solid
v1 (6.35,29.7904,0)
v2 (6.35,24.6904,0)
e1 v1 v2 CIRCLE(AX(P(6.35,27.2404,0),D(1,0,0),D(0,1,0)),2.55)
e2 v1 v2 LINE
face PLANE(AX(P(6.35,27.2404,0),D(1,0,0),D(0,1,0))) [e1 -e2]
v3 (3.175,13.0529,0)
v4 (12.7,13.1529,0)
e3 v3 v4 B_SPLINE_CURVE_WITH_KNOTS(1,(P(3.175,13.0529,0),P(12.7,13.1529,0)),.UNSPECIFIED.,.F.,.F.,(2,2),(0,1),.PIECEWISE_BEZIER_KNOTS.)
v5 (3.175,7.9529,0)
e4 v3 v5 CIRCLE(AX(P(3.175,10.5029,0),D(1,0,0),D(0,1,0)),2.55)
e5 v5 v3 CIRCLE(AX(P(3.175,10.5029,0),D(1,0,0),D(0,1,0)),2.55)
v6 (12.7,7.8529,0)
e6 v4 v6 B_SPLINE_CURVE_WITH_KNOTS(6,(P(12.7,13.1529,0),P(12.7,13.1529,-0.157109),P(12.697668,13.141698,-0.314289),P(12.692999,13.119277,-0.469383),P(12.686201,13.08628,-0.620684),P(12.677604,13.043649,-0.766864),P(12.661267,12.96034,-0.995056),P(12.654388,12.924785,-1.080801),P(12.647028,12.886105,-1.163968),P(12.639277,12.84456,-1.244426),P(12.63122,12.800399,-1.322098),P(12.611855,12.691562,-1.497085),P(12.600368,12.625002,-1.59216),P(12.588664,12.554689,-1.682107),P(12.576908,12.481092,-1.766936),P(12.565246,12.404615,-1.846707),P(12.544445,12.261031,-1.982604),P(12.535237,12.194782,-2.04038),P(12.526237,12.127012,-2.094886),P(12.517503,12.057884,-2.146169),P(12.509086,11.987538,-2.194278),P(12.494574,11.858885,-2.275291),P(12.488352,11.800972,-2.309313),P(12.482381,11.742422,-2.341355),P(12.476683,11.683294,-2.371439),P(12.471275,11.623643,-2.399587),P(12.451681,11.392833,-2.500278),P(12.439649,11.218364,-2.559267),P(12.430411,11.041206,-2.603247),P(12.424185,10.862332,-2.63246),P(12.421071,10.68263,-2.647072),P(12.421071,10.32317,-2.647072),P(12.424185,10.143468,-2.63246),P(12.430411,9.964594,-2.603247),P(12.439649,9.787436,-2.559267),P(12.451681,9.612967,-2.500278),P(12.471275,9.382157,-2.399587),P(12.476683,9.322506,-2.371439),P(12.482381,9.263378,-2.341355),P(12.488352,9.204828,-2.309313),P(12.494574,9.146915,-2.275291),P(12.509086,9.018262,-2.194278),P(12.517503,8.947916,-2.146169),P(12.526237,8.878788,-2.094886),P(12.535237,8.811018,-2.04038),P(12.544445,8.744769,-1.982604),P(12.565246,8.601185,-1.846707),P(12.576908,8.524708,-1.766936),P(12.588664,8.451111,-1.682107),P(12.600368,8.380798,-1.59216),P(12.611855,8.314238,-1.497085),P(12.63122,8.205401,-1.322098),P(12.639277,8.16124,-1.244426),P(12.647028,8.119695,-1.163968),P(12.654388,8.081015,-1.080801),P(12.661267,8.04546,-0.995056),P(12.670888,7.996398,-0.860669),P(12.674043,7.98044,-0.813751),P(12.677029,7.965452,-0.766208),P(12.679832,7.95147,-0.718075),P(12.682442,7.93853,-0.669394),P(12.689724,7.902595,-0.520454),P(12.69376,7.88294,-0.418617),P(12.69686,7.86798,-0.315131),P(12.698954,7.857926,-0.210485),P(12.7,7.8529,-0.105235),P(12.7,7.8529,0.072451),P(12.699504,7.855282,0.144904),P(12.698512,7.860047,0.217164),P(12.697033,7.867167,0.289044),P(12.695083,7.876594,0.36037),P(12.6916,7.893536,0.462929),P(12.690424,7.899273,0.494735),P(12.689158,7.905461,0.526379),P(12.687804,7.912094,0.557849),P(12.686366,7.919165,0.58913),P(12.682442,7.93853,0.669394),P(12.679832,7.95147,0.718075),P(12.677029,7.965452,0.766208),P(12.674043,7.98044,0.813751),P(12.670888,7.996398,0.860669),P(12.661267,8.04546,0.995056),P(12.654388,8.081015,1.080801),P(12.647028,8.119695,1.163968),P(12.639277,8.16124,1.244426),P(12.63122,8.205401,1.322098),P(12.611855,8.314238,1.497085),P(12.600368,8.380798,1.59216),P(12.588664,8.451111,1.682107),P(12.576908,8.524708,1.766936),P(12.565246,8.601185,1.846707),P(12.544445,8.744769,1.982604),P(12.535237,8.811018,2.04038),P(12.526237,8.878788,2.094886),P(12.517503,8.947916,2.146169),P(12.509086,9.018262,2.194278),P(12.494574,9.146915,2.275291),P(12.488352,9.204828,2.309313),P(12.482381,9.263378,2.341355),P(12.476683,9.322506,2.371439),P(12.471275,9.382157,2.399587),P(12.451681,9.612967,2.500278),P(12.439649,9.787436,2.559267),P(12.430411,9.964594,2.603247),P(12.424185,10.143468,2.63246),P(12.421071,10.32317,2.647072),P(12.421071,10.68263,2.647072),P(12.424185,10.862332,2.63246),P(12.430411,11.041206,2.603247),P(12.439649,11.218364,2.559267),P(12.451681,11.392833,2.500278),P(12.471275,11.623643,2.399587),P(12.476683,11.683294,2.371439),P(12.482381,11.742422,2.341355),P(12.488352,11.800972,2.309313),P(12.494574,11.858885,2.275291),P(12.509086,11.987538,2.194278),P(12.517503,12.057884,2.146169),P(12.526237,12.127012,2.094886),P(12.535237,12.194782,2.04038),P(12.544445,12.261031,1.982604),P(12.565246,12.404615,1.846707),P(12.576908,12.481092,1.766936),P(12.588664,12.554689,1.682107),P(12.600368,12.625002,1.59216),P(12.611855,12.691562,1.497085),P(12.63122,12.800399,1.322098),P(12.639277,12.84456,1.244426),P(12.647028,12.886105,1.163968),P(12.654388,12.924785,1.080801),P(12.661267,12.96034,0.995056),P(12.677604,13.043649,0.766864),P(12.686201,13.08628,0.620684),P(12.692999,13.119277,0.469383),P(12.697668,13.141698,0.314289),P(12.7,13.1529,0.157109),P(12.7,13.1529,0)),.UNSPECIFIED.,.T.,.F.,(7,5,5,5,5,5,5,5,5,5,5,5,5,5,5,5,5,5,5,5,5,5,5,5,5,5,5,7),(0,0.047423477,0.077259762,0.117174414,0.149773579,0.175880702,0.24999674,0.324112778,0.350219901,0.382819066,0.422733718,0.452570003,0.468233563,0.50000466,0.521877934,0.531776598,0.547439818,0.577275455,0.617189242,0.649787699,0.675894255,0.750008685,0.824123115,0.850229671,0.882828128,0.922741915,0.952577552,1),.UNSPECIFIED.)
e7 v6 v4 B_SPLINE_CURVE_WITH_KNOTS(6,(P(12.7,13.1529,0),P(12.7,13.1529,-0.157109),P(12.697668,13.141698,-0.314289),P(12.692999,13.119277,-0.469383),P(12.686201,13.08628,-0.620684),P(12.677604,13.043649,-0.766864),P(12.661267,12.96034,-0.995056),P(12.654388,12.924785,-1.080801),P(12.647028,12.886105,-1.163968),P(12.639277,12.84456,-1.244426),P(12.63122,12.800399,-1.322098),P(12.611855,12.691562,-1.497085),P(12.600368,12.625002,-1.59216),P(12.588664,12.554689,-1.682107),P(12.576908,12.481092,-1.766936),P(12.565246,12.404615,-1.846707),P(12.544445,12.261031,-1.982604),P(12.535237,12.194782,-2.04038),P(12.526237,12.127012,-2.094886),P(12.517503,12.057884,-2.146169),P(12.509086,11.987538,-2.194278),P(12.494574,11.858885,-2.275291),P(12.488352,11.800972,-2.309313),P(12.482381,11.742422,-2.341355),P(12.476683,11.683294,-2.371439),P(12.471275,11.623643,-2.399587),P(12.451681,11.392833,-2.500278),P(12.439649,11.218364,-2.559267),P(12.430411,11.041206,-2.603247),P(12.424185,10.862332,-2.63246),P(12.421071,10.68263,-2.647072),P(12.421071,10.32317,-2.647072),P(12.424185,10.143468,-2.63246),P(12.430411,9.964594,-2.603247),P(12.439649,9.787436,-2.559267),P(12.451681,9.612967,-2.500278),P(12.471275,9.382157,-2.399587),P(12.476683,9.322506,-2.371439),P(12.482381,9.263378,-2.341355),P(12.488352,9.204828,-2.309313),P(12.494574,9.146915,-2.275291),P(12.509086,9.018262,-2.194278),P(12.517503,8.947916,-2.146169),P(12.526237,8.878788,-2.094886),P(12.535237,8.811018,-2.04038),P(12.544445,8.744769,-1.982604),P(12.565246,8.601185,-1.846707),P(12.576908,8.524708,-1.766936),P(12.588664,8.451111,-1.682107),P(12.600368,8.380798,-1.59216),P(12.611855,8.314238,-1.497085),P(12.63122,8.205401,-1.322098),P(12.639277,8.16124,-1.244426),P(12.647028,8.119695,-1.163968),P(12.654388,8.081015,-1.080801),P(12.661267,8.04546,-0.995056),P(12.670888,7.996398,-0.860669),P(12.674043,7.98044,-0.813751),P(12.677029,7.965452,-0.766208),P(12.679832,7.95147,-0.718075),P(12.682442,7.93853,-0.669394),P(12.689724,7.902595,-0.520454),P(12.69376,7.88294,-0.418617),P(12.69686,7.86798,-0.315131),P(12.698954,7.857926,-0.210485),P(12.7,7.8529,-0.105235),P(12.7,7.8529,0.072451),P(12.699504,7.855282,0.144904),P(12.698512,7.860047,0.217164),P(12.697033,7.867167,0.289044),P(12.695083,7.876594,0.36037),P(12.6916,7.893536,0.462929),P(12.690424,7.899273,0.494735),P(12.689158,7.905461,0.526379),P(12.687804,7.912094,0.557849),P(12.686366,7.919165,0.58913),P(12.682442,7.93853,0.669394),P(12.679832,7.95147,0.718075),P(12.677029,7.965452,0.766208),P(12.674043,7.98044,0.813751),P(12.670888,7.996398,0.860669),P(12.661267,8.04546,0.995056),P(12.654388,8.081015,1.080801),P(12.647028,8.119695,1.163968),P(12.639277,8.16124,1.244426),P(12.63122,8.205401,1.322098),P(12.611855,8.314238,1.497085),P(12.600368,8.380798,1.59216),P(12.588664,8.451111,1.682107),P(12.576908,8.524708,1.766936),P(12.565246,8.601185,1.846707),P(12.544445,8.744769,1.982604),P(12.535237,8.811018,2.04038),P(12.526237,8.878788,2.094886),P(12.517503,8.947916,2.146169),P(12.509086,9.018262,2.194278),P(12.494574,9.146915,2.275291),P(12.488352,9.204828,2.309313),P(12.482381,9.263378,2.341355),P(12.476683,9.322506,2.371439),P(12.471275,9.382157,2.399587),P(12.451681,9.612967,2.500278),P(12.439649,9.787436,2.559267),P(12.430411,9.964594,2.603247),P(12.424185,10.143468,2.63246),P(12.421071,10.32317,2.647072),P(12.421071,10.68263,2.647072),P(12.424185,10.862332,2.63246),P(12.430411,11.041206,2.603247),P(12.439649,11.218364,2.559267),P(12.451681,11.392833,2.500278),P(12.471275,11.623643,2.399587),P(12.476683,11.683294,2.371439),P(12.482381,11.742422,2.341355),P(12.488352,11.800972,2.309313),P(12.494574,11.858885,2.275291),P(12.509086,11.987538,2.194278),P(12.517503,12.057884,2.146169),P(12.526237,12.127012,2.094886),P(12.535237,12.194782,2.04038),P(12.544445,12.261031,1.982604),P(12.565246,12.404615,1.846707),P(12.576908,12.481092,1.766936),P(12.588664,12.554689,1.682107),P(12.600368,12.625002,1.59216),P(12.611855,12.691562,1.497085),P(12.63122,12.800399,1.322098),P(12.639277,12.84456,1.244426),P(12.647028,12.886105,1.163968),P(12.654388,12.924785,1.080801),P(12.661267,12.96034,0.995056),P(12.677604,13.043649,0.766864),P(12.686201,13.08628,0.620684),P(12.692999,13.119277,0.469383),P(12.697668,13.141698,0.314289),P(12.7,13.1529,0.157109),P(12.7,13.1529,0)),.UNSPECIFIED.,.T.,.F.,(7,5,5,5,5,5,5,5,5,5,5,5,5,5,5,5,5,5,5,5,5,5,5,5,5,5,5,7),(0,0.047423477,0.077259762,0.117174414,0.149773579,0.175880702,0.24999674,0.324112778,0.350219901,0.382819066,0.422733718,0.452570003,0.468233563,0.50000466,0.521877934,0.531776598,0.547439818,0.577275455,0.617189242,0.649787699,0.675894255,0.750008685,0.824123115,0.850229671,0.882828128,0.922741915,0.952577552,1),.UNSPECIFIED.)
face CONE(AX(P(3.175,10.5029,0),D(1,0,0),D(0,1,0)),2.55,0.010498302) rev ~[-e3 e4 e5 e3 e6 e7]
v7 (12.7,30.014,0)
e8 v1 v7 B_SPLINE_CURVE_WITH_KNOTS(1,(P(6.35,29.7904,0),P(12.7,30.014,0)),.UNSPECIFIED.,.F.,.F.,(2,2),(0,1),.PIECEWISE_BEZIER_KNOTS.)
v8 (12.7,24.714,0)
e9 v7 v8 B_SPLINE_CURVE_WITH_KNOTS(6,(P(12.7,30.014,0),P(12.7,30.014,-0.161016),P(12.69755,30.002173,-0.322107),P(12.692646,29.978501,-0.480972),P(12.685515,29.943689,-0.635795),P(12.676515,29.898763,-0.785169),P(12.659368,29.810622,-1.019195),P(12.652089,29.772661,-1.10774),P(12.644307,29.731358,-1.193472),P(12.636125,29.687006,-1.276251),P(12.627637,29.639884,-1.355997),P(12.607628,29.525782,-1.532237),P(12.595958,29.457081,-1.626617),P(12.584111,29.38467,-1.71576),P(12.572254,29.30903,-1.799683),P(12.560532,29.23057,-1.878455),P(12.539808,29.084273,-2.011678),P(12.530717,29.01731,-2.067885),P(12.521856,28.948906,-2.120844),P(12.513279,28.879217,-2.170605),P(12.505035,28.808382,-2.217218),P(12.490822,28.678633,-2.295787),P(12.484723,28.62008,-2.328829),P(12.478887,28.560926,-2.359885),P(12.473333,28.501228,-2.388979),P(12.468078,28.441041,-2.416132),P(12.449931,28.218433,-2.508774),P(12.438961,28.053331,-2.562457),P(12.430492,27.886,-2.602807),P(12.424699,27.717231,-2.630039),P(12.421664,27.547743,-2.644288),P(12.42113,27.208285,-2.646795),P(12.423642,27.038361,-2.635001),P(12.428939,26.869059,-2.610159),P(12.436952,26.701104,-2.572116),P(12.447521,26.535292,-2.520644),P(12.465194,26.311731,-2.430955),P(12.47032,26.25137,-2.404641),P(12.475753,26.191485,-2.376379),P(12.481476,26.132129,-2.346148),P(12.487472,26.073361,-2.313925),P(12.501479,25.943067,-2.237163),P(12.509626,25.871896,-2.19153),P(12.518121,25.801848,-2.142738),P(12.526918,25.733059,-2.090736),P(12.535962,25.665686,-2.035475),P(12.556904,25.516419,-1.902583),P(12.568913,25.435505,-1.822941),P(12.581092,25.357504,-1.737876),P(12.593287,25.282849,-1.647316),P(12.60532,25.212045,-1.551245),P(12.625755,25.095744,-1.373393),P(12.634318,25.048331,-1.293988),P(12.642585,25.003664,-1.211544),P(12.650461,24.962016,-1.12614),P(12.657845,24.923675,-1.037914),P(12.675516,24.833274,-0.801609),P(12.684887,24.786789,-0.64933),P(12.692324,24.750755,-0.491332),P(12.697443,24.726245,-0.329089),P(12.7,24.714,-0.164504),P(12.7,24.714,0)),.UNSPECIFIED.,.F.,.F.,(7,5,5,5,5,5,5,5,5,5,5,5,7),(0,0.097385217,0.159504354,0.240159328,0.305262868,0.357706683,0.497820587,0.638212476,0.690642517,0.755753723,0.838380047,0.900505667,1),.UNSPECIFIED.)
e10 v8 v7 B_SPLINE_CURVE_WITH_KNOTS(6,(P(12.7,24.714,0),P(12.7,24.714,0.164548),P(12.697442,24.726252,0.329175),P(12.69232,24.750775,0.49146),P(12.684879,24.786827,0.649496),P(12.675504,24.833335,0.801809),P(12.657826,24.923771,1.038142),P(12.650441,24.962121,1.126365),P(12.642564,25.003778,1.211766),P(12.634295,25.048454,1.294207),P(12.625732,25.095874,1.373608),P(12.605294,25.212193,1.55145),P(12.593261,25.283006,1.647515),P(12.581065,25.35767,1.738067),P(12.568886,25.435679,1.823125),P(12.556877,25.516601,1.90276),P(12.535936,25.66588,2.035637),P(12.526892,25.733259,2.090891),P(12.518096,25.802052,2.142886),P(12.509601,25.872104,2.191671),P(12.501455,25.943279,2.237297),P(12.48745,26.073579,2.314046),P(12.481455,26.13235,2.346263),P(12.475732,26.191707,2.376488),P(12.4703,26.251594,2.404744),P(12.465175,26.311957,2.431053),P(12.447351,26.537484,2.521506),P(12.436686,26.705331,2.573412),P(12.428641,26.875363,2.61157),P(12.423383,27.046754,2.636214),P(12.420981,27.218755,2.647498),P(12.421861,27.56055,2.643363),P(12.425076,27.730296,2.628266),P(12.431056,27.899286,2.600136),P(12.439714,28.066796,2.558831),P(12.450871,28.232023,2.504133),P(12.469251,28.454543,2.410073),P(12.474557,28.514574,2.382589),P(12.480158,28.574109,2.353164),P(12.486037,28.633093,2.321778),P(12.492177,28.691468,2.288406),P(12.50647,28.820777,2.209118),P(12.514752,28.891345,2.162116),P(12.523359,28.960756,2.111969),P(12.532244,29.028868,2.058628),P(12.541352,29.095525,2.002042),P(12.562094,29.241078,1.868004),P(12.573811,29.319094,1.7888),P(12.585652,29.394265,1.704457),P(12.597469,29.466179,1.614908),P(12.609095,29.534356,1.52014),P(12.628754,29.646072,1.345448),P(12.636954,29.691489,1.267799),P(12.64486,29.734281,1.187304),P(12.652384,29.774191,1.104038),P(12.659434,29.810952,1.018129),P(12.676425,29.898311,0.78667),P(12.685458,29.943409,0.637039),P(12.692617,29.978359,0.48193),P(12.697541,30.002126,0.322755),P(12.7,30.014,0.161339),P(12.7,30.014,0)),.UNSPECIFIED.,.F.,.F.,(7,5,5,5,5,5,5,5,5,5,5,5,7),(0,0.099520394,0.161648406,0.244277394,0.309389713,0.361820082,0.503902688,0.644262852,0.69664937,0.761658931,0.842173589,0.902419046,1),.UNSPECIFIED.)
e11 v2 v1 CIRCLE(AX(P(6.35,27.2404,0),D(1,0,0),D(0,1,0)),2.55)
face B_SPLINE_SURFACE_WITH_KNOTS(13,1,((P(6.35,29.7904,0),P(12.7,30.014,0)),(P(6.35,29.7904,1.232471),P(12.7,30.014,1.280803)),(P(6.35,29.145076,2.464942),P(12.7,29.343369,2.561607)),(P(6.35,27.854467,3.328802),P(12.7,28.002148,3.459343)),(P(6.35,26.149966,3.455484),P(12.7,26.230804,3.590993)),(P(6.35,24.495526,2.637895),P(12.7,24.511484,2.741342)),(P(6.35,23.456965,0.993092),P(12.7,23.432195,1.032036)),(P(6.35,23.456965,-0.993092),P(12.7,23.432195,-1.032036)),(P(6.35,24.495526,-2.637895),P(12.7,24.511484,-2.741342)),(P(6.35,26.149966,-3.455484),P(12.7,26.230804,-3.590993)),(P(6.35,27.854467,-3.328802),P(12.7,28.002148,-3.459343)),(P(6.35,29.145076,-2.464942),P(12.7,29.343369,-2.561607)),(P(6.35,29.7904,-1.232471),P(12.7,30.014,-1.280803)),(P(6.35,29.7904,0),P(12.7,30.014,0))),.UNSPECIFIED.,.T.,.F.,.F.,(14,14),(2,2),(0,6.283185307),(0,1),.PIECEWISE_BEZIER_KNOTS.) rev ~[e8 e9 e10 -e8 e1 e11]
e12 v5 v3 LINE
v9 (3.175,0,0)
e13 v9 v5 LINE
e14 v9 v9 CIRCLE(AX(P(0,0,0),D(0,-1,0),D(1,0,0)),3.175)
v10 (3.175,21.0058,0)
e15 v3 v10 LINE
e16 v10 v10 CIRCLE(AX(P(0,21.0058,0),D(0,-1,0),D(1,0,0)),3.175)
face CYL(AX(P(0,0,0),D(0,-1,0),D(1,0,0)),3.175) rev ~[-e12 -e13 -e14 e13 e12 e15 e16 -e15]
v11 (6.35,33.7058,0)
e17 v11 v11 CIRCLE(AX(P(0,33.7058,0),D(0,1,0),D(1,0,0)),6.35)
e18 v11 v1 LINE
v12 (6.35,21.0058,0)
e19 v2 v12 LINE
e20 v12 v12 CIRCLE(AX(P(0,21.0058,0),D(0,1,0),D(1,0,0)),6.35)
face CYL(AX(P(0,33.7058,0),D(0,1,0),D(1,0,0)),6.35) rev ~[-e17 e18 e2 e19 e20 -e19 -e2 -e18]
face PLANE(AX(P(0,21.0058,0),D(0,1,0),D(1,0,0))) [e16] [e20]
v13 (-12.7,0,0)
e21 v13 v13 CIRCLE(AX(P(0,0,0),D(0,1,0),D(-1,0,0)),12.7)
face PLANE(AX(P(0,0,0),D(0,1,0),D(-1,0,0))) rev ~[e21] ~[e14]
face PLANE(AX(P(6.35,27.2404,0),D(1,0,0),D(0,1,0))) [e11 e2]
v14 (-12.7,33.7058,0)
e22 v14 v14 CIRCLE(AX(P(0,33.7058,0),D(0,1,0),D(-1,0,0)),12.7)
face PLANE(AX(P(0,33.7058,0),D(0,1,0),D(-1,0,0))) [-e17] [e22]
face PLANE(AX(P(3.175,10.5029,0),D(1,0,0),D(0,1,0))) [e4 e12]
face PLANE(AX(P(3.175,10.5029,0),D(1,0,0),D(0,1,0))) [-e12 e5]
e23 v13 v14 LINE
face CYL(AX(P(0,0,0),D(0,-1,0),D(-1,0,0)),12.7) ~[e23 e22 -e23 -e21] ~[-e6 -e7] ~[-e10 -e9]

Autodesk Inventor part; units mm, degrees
ref_plane "XZ Plane" through (0, 0, 0) normal (0, 1, 0) x (-1, 0, 0)
ref_plane "XY Plane" through (0, 0, 0) normal (0, 0, 1) x (1, 0, 0)
sketch "Sketch1" plane through (0, 0, 0) normal (0, 1, 0) x (-1, 0, 0)
  circle A0 centre (0, 0) radius 12.7
  dimension "d0" = 25.4
extrude "Extrusion1" add sketch "Sketch1" along normal blind 33.7058
sketch "Sketch2" plane through (0, 0, 0) normal (0, -1, 0) x (1, 0, 0)
  circle A0 centre (0, 0) radius 3.175
  dimension "d3" = 6.35
extrude "Extrusion2" cut sketch "Sketch2" against normal blind 21.0058
sketch "Sketch3" plane through (0, 33.7058, 0) normal (0, 1, 0) x (1, 0, 0)
  circle A0 centre (0, 0) radius 6.35
  dimension "d6" = 12.7
extrude "Extrusion3" cut sketch "Sketch3" against normal blind 12.7
ref_plane "Work Plane1" through (3.175, 0, 0) normal (1, 0, 0) x (0, 1, 0)
sketch "Sketch4" plane through (3.175, 0, 0) normal (1, 0, 0) x (0, 1, 0)
  line L0 (0, 0) -> (21.0058, 0) construction
  line L1 (21.0058, -3.175) -> (21.0058, 3.175) construction
  circle A0 centre (10.5029, 0) radius 2.55
  dimension "d10" = 5.1
ref_plane "Work Plane2" through (6.35, 0, 0) normal (1, 0, 0) x (0, 1, 0)
sketch "Sketch5" plane through (6.35, 0, 0) normal (1, 0, 0) x (0, 1, 0)
  line L0 (33.4751, 0) -> (21.0058, 0) construction
  line L1 (21.0058, -3.175) -> (21.0058, 3.175) construction
  circle A0 centre (27.2404, 0) radius 2.55
  point P0 (0, 0)
  dimension "d12" = 5.1
ref_plane "Work Plane3" through (12.7, 0, 0) normal (1, 0, 0) x (0, 1, 0)
sketch "Sketch6" plane through (12.7, 0, 0) normal (1, 0, 0) x (0, 1, 0)
  line L0 (21.0058, -3.175) -> (21.0058, 3.175) construction
  line L1 (21.0058, 0) -> (0, 0) construction
  circle A0 centre (10.5029, 0) radius 2.65
  dimension "d14" = 5.3
sketch "Sketch7" plane through (12.7, 0, 0) normal (1, 0, 0) x (0, 1, 0)
  line L0 (21.0058, -3.175) -> (21.0058, 3.175) construction
  line L1 (21.0058, 0) -> (33.7221, 0) construction
  circle A0 centre (27.364, 0) radius 2.65
  point P0 (0, 0)
  dimension "d15" = 5.3
loft "Loft1" cut profiles "Sketch4", "Sketch6"
loft "Loft2" cut profiles "Sketch5", "Sketch7"
properties part number "Motor Coupler" material "ABS Plastic"
